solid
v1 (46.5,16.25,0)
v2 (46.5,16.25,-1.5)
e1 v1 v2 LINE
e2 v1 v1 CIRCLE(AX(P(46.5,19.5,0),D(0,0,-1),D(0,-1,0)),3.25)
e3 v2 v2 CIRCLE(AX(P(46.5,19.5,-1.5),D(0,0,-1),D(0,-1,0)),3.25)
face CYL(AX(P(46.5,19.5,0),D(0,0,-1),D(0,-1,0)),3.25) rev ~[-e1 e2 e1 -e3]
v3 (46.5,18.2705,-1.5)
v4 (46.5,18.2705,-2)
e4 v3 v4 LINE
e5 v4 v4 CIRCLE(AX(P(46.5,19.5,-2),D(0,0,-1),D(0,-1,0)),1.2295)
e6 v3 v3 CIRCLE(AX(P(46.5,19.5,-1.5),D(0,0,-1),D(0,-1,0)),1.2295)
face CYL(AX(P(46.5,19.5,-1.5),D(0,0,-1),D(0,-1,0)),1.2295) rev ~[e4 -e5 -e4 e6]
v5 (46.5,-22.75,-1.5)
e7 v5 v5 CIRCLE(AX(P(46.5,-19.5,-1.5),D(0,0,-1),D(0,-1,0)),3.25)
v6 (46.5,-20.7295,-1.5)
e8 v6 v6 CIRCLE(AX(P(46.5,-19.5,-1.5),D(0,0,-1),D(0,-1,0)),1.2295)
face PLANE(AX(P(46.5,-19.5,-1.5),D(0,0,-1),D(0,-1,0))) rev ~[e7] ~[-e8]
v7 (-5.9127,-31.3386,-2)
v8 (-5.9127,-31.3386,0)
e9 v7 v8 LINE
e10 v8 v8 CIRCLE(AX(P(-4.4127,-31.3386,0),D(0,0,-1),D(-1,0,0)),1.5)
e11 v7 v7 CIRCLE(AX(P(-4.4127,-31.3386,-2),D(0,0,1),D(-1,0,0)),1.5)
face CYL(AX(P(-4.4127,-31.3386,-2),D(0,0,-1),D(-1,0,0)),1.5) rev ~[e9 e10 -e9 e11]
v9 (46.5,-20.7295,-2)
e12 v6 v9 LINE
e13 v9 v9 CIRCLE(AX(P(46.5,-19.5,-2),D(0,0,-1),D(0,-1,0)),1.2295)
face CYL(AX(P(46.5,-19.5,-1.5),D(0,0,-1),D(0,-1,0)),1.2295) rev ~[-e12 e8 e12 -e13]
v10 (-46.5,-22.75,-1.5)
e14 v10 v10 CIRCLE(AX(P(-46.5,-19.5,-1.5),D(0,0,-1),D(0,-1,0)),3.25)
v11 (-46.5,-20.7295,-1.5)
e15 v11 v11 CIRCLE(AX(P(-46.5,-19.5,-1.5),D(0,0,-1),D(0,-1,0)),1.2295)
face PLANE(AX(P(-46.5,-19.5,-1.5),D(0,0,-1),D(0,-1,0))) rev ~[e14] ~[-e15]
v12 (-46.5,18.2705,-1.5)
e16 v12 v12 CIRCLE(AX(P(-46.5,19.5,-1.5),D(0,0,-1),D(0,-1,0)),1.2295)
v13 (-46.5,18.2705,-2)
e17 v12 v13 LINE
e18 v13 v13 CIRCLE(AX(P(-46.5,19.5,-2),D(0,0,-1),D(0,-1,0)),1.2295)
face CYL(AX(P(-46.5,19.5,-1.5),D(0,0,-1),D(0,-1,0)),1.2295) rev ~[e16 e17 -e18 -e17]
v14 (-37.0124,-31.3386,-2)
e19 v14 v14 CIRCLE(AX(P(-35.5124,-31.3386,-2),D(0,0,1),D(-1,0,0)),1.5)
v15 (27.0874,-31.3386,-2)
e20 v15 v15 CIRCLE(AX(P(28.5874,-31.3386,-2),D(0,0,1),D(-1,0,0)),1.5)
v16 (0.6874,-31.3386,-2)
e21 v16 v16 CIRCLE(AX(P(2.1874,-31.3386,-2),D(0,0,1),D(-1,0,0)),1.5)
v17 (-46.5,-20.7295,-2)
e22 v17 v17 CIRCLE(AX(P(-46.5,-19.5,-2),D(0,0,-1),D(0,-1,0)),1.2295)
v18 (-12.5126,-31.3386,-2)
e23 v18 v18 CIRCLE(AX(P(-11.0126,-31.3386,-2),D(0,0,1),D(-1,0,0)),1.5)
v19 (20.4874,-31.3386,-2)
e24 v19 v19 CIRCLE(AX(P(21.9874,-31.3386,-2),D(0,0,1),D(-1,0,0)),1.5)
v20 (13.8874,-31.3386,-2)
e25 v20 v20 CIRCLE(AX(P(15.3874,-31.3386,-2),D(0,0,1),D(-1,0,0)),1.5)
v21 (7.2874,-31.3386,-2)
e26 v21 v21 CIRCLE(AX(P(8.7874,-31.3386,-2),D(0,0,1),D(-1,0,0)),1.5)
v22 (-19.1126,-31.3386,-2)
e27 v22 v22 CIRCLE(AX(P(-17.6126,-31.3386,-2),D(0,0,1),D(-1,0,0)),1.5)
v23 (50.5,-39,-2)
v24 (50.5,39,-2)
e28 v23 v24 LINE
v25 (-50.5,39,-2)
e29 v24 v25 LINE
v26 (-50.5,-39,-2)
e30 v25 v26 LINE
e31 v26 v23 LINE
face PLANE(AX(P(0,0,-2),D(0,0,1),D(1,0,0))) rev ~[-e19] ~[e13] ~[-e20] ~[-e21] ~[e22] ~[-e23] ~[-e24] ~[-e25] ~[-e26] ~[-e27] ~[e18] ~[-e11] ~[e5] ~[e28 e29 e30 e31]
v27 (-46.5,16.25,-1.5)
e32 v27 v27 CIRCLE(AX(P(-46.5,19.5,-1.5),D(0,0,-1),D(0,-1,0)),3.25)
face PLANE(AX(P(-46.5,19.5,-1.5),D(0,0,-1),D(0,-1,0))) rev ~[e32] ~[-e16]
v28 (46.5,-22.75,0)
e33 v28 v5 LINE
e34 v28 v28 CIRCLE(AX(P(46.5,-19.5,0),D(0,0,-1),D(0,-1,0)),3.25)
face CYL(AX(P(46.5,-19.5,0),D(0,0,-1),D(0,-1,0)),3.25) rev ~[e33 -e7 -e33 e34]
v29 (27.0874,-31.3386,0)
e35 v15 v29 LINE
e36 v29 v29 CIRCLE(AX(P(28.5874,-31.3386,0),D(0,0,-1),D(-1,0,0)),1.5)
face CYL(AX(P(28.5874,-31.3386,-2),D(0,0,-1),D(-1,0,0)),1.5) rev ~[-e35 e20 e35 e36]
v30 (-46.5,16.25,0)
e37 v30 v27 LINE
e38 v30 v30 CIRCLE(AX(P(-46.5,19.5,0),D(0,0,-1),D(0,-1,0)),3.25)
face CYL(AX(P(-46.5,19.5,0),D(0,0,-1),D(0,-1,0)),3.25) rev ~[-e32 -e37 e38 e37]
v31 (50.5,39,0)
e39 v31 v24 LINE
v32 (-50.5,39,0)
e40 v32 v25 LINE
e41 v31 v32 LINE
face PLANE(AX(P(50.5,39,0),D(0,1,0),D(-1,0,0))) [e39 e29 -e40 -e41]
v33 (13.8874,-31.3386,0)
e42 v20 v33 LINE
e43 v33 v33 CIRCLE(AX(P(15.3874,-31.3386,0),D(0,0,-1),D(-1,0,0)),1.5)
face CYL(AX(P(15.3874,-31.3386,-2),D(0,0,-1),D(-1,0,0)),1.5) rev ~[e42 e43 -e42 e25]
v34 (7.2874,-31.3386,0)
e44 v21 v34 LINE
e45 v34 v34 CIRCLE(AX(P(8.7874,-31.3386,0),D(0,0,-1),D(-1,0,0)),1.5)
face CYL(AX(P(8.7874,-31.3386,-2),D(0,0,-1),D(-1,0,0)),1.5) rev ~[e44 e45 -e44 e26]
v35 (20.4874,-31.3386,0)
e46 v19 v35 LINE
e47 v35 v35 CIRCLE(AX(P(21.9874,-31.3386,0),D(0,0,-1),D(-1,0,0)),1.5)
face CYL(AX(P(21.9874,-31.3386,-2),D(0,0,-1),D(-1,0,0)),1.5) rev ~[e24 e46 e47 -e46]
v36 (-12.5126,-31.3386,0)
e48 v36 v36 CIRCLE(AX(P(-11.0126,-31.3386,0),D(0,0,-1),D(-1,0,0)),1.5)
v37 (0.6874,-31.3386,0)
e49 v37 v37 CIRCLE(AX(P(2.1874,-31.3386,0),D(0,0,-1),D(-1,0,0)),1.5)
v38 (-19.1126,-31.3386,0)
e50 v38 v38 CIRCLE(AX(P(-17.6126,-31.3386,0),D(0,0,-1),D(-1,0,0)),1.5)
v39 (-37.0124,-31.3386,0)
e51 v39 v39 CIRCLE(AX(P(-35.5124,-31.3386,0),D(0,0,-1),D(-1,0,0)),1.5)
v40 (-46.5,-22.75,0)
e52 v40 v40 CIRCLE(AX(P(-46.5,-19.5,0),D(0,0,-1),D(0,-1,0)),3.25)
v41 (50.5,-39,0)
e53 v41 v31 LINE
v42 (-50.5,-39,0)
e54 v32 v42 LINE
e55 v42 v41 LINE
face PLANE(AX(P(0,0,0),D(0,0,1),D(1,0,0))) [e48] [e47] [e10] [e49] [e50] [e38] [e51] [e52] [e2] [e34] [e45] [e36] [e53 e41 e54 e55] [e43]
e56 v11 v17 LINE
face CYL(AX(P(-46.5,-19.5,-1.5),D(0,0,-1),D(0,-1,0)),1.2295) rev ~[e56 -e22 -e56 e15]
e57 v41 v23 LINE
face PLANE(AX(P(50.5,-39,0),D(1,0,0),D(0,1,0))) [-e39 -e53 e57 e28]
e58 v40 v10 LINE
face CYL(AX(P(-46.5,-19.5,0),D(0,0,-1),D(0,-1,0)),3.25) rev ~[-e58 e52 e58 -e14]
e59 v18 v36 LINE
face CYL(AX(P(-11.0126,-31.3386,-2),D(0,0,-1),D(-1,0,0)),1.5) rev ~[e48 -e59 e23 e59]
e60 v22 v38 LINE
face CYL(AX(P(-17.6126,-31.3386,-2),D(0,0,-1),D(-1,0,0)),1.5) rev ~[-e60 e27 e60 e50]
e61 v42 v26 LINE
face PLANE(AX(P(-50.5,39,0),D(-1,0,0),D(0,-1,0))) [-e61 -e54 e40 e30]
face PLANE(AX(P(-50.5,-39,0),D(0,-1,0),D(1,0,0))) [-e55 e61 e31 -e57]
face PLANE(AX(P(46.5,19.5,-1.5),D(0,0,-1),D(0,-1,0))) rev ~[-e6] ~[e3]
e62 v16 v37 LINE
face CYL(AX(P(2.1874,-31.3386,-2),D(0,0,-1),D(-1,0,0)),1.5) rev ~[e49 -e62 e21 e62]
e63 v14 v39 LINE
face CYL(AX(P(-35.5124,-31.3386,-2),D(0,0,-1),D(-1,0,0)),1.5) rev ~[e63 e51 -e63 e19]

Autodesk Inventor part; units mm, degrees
ref_plane "YZ Plane" through (0, 0, 0) normal (1, 0, 0) x (0, 1, 0)
ref_plane "XZ Plane" through (0, 0, 0) normal (0, 1, 0) x (-1, 0, 0)
ref_plane "XY Plane" through (0, 0, 0) normal (0, 0, 1) x (1, 0, 0)
sketch "Esboço1" plane through (0, 0, 0) normal (0, 0, 1) x (1, 0, 0)
  line L0 (-50.5, -39) -> (50.5, -39)
  line L1 (50.5, -39) -> (50.5, 39)
  line L2 (50.5, 39) -> (-50.5, 39)
  line L3 (-50.5, 39) -> (-50.5, -39)
  point P0 (0, 0)
  dimension "d2" = 101
  dimension "d3" = 78
  dimension "d4" = 101
  dimension "d5" = 50.5
  dimension "d6" = 39
extrude "Extrusão1" add sketch "Esboço1" against normal blind 2
sketch "Esboço2" plane through (0, 0, 0) normal (0, 0, 1) x (1, 0, 0)
  line L0 (-50.5, -39) -> (-50.5, 39) projected
  line L1 (-42.5, -39) -> (-42.5, 39) construction
  line L2 (42.5, -39) -> (42.5, 39) construction
  line L3 (-46.5, 39) -> (-46.5, -39) construction
  line L4 (-50.5, 39) -> (50.5, 39) projected
  line L5 (46.5, 39) -> (46.5, -39) construction
  line L6 (50.5, 39) -> (50.5, -39) projected
  line L7 (-50.5, -19.5) -> (50.5, -19.5) construction
  line L8 (-50.5, 19.5) -> (50.5, 19.5) construction
  point P0 (0, 0)
  point P1 (-46.5, 19.5)
  point P2 (-46.5, -19.5)
  point P3 (46.5, -19.5)
  point P4 (46.5, 19.5)
hole "Furo1" at (-46.5, 19.5, 0) at (-46.5, -19.5, 0) at (46.5, -19.5, 0) at (46.5, 19.5, 0) direction (0, 0, -1) diameter 2.459 end through all counterbore diameter 6.5 counterbore depth 1.5 thread size "M3x0.5" class "6H" standard "ANSI Metric M Profile"
sketch "Esboço3" plane through (0, 0, -2) normal (0, 0, -1) x (-1, 0, 0)
  line L0 (39.7375, -31.6586) -> (-39.7375, -31.6586) projected
  line L1 (-29.1874, -30.9886) -> (-27.9874, -30.9886) projected
  line L2 (-27.9874, -30.9886) -> (-27.9374, -31.5336) projected
  line L3 (-29.1874, -30.9886) -> (-29.2374, -31.5336) projected
  line L4 (-22.5874, -30.9886) -> (-21.3874, -30.9886) projected
  line L5 (-22.5874, -30.9886) -> (-22.6374, -31.5336) projected
  line L6 (-21.3874, -30.9886) -> (-21.3374, -31.5336) projected
  line L7 (-21.3874, -30.9886) -> (-21.3874, -30.9886) projected
  line L8 (-15.9874, -30.9886) -> (-14.7874, -30.9886) projected
  line L9 (-15.9874, -30.9886) -> (-16.0374, -31.5336) projected
  line L10 (-14.7874, -30.9886) -> (-14.7374, -31.5336) projected
  line L11 (-9.3874, -30.9886) -> (-8.1874, -30.9886) projected
  line L12 (-8.1874, -30.9886) -> (-8.1374, -31.5336) projected
  line L13 (-9.3874, -30.9886) -> (-9.4374, -31.5336) projected
  line L14 (-2.7874, -30.9886) -> (-1.5874, -30.9886) projected
  line L15 (-2.7874, -30.9886) -> (-2.8374, -31.5336) projected
  line L16 (-1.5874, -30.9886) -> (-1.5374, -31.5336) projected
  line L17 (3.8127, -30.9886) -> (5.0127, -30.9886) projected
  line L18 (5.0127, -30.9886) -> (5.0627, -31.5336) projected
  line L19 (3.8127, -30.9886) -> (3.7627, -31.5336) projected
  line L20 (10.4126, -30.9886) -> (11.6126, -30.9886) projected
  line L21 (10.4126, -30.9886) -> (10.4126, -30.9886) projected
  line L22 (10.4126, -30.9886) -> (10.3626, -31.5336) projected
  line L23 (11.6126, -30.9886) -> (11.6626, -31.5336) projected
  line L24 (17.0126, -30.9886) -> (18.2126, -30.9886) projected
  line L25 (17.0126, -30.9886) -> (16.9626, -31.5336) projected
  line L26 (18.2126, -30.9886) -> (18.2626, -31.5336) projected
  line L27 (35.0474, -31.0186) -> (35.9774, -31.0186) projected
  line L28 (36.3874, -31.6586) -> (36.3874, -31.0186) projected
  line L29 (34.6374, -31.6586) -> (34.6374, -31.0186) projected
  line L30 (35.0474, -31.0186) -> (34.6374, -31.0186) projected
  line L31 (36.3874, -31.0186) -> (35.9774, -31.0186) projected
  line L32 (-28.5874, -31.3386) -> (36.3874, -31.3386) construction
  circle A0 centre (35.5124, -31.3386) radius 1.5
  circle A1 centre (-28.5874, -31.3386) radius 1.5
  circle A2 centre (17.6126, -31.3386) radius 1.5
  circle A3 centre (11.0126, -31.3386) radius 1.5
  circle A4 centre (4.4127, -31.3386) radius 1.5
  circle A5 centre (-2.1874, -31.3386) radius 1.5
  circle A6 centre (-8.7874, -31.3386) radius 1.5
  circle A7 centre (-15.3874, -31.3386) radius 1.5
  circle A8 centre (-21.9874, -31.3386) radius 1.5
  point P0 (0, 0)
  dimension "d23" = 3
  dimension "d24" = 3
  dimension "d25" = 3
  dimension "d26" = 3
  dimension "d27" = 3
  dimension "d28" = 3
  dimension "d29" = 3
  dimension "d30" = 3
  dimension "d31" = 3
  dimension "d32" = 0.32
  dimension "d33" = 0.875
  dimension "d34" = 18.7748
  dimension "d35" = 25.3748
  dimension "d36" = 31.9748
  dimension "d37" = 38.5748
  dimension "d38" = 45.1748
  dimension "d39" = 51.7748
  dimension "d40" = 58.3748
  dimension "d41" = 64.9748
extrude "Extrusão2" cut sketch "Esboço3" against normal blind 10
properties part number "Ra-Manager_Painel-Placas_Relays" material "Aço, carbono"
